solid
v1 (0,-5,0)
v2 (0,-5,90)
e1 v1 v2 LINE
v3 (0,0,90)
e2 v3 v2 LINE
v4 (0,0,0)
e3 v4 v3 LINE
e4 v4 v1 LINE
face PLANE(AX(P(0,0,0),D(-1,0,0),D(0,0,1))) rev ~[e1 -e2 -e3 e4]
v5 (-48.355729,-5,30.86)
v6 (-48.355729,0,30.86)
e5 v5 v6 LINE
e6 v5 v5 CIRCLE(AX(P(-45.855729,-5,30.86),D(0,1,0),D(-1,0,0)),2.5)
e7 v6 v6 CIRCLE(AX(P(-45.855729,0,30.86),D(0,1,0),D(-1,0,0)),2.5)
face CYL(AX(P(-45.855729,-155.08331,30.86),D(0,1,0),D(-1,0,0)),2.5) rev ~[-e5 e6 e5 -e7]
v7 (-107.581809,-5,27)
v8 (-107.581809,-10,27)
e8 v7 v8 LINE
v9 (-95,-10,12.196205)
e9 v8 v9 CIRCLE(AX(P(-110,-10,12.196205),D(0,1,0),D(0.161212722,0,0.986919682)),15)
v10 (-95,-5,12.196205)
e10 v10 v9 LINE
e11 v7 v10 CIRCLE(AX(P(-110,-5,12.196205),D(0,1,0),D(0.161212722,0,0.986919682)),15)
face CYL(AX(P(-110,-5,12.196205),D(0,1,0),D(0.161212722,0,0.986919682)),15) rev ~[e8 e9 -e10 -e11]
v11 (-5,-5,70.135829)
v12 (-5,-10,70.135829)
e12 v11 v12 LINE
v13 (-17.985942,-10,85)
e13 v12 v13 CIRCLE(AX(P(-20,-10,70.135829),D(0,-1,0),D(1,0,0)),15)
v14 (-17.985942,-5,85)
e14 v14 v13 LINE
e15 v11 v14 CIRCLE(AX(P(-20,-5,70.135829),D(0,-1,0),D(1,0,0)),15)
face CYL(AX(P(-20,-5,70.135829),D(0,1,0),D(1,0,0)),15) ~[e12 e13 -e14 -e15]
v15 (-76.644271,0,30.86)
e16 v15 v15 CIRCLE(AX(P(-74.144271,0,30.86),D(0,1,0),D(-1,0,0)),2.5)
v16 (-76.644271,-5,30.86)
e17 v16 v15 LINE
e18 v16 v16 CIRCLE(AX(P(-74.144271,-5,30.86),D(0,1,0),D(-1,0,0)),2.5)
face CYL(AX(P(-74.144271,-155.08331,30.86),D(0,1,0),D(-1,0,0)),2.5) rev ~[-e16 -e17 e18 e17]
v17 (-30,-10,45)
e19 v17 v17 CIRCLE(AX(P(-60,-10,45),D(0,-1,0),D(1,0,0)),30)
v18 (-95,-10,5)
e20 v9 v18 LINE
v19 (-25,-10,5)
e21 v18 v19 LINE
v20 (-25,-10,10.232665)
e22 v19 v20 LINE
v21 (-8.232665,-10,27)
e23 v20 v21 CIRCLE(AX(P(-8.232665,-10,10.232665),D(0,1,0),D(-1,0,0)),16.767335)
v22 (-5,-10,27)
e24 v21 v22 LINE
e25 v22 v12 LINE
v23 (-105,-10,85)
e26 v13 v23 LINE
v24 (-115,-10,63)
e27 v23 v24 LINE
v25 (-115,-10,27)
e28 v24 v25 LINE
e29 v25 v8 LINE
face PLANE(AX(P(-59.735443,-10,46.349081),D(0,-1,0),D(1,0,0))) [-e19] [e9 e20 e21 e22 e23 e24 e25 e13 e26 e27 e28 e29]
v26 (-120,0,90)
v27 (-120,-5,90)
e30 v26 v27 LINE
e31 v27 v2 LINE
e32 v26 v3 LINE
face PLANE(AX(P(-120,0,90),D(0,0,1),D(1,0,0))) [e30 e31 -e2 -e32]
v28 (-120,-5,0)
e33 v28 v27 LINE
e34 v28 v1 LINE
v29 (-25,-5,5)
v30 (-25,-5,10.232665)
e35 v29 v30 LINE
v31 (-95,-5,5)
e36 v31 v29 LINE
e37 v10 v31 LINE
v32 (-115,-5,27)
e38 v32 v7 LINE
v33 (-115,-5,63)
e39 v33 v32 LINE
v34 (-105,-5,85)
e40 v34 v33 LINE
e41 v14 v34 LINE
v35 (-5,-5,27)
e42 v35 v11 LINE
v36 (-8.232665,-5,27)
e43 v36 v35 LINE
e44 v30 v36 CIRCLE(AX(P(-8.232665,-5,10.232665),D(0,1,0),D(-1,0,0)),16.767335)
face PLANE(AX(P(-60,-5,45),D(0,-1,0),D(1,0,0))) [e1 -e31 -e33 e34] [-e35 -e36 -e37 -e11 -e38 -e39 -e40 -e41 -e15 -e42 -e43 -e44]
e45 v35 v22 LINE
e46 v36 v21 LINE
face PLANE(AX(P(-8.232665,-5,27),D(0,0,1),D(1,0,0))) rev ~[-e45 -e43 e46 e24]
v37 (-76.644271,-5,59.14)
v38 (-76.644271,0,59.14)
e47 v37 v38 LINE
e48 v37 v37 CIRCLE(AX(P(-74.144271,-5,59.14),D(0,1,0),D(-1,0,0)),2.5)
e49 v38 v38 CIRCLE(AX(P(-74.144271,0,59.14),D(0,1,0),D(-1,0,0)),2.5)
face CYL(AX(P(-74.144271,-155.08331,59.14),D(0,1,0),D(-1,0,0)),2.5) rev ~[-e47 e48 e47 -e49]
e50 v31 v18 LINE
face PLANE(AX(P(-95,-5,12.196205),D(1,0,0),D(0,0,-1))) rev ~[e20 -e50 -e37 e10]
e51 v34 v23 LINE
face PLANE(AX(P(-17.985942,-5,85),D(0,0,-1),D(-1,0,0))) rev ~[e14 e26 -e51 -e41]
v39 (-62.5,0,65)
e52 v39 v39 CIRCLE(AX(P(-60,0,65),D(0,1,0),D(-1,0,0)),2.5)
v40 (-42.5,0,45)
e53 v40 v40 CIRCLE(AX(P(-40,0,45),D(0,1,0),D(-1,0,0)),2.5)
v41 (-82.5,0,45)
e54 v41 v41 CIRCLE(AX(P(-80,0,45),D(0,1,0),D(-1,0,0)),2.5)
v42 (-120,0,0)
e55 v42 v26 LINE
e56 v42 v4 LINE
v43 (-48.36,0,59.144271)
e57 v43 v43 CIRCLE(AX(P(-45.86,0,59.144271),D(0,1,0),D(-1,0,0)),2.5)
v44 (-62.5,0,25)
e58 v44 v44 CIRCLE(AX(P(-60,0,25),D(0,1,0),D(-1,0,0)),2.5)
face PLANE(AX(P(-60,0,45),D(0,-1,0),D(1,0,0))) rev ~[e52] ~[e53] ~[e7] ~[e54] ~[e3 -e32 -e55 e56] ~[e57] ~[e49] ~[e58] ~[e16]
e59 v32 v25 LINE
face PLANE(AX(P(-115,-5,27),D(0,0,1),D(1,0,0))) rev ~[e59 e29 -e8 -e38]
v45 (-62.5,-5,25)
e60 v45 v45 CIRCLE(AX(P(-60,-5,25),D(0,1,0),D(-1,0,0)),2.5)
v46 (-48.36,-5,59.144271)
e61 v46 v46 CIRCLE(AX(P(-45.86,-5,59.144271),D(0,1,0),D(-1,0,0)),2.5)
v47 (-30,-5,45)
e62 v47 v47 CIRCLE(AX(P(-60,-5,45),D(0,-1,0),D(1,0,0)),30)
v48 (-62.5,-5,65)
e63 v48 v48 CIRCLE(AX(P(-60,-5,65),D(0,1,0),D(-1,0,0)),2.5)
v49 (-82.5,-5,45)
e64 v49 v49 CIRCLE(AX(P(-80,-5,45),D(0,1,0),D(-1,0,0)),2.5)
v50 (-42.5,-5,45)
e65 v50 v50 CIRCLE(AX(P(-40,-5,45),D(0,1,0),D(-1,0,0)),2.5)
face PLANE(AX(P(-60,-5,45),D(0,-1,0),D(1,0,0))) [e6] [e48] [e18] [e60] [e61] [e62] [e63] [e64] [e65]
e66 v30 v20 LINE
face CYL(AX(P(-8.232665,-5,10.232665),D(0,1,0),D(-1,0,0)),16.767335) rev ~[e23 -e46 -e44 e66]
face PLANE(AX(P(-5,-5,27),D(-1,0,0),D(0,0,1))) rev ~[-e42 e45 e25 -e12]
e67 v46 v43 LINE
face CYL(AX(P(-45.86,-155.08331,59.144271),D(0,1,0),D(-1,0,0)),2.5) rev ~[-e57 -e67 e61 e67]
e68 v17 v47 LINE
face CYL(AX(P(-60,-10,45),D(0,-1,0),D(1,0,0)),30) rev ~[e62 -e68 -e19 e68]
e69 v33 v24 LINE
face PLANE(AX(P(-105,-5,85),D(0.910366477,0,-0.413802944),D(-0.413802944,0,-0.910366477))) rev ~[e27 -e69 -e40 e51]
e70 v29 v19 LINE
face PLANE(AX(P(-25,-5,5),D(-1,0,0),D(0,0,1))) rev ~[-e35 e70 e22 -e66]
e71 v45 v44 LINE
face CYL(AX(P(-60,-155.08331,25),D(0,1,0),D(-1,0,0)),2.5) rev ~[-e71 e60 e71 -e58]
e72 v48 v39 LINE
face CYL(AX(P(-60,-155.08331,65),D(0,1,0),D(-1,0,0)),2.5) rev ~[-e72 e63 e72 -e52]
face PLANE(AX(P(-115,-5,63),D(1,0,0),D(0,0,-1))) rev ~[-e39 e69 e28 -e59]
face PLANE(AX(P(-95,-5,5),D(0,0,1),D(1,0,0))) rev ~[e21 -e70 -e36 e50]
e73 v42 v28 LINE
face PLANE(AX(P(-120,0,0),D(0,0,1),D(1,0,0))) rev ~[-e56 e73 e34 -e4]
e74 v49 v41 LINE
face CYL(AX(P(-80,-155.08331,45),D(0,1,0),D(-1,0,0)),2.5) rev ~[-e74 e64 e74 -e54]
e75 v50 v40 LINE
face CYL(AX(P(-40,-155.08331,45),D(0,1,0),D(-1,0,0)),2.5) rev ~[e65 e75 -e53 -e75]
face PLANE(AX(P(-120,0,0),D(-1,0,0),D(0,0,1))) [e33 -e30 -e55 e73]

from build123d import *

# Parameters (mm, degrees)
F0_W     = 120
F0_H     = 90
F1_DEPTH = 5
F3_D     = 5
F4_R     = 2.5
F5_DEPTH = 5
F6_R     = 30
F7_DEPTH = 5


with BuildPart() as f1:
    # F0 (on Front) → F1 (new body)
    with BuildSketch(Plane.XZ):
        with Locations((-60, 45)):
            Rectangle(F0_W, F0_H)
    extrude(amount=F1_DEPTH)

    # F3 (through all)
    with Locations(Plane.XZ.offset(5)):
        with Locations((-74.144270925, 59.14), (-60, 65), (-45.86, 59.144270925), (-40, 45), (-45.855729075, 30.86), (-60, 25), (-80, 45), (-74.144270925, 30.86)):
            Hole(F3_D / 2)

    # F4 (on face) → F5 (join)
    with BuildSketch(Plane.XZ.offset(5)):
        with BuildLine():
            Line((-5, 27), (-5, 70.1358293132))
            ThreePointArc((-5, 70.1358293132), (-8.7037424203, 80.0046977738), (-17.985941959, 85))
            Line((-17.985941959, 85), (-105, 85))
            Line((-105, 85), (-115, 63))
            Line((-115, 63), (-115, 27))
            Line((-115, 27), (-107.5818091631, 27))
            ThreePointArc((-107.5818091631, 27), (-98.5703704663, 21.9102960199), (-95, 12.1962047746))
            Line((-95, 12.1962047746), (-95, 5))
            Line((-95, 5), (-25, 5))
            Line((-25, 5), (-25, 10.2326651871))
            ThreePointArc((-25, 10.2326651871), (-20.0889613357, 22.0889613357), (-8.2326651871, 27))
            Line((-8.2326651871, 27), (-5, 27))
        make_face()
        with Locations((-74.144270925, 30.86)):
            Circle(F4_R, mode=Mode.SUBTRACT)
        with Locations((-60, 25)):
            Circle(F4_R, mode=Mode.SUBTRACT)
        with Locations((-45.855729075, 30.86)):
            Circle(F4_R, mode=Mode.SUBTRACT)
        with Locations((-80, 45)):
            Circle(F4_R, mode=Mode.SUBTRACT)
        with Locations((-74.144270925, 59.14)):
            Circle(F4_R, mode=Mode.SUBTRACT)
        with Locations((-40, 45)):
            Circle(F4_R, mode=Mode.SUBTRACT)
        with Locations((-45.86, 59.144270925)):
            Circle(F4_R, mode=Mode.SUBTRACT)
        with Locations((-60, 65)):
            Circle(F4_R, mode=Mode.SUBTRACT)
    extrude(amount=F5_DEPTH)

    # F6 (on face) → F7 (cut)
    with BuildSketch(Plane.XZ.offset(10)):
        with Locations((-60, 45)):
            Circle(F6_R)
    extrude(amount=-F7_DEPTH, mode=Mode.SUBTRACT)


solid = f1.part
